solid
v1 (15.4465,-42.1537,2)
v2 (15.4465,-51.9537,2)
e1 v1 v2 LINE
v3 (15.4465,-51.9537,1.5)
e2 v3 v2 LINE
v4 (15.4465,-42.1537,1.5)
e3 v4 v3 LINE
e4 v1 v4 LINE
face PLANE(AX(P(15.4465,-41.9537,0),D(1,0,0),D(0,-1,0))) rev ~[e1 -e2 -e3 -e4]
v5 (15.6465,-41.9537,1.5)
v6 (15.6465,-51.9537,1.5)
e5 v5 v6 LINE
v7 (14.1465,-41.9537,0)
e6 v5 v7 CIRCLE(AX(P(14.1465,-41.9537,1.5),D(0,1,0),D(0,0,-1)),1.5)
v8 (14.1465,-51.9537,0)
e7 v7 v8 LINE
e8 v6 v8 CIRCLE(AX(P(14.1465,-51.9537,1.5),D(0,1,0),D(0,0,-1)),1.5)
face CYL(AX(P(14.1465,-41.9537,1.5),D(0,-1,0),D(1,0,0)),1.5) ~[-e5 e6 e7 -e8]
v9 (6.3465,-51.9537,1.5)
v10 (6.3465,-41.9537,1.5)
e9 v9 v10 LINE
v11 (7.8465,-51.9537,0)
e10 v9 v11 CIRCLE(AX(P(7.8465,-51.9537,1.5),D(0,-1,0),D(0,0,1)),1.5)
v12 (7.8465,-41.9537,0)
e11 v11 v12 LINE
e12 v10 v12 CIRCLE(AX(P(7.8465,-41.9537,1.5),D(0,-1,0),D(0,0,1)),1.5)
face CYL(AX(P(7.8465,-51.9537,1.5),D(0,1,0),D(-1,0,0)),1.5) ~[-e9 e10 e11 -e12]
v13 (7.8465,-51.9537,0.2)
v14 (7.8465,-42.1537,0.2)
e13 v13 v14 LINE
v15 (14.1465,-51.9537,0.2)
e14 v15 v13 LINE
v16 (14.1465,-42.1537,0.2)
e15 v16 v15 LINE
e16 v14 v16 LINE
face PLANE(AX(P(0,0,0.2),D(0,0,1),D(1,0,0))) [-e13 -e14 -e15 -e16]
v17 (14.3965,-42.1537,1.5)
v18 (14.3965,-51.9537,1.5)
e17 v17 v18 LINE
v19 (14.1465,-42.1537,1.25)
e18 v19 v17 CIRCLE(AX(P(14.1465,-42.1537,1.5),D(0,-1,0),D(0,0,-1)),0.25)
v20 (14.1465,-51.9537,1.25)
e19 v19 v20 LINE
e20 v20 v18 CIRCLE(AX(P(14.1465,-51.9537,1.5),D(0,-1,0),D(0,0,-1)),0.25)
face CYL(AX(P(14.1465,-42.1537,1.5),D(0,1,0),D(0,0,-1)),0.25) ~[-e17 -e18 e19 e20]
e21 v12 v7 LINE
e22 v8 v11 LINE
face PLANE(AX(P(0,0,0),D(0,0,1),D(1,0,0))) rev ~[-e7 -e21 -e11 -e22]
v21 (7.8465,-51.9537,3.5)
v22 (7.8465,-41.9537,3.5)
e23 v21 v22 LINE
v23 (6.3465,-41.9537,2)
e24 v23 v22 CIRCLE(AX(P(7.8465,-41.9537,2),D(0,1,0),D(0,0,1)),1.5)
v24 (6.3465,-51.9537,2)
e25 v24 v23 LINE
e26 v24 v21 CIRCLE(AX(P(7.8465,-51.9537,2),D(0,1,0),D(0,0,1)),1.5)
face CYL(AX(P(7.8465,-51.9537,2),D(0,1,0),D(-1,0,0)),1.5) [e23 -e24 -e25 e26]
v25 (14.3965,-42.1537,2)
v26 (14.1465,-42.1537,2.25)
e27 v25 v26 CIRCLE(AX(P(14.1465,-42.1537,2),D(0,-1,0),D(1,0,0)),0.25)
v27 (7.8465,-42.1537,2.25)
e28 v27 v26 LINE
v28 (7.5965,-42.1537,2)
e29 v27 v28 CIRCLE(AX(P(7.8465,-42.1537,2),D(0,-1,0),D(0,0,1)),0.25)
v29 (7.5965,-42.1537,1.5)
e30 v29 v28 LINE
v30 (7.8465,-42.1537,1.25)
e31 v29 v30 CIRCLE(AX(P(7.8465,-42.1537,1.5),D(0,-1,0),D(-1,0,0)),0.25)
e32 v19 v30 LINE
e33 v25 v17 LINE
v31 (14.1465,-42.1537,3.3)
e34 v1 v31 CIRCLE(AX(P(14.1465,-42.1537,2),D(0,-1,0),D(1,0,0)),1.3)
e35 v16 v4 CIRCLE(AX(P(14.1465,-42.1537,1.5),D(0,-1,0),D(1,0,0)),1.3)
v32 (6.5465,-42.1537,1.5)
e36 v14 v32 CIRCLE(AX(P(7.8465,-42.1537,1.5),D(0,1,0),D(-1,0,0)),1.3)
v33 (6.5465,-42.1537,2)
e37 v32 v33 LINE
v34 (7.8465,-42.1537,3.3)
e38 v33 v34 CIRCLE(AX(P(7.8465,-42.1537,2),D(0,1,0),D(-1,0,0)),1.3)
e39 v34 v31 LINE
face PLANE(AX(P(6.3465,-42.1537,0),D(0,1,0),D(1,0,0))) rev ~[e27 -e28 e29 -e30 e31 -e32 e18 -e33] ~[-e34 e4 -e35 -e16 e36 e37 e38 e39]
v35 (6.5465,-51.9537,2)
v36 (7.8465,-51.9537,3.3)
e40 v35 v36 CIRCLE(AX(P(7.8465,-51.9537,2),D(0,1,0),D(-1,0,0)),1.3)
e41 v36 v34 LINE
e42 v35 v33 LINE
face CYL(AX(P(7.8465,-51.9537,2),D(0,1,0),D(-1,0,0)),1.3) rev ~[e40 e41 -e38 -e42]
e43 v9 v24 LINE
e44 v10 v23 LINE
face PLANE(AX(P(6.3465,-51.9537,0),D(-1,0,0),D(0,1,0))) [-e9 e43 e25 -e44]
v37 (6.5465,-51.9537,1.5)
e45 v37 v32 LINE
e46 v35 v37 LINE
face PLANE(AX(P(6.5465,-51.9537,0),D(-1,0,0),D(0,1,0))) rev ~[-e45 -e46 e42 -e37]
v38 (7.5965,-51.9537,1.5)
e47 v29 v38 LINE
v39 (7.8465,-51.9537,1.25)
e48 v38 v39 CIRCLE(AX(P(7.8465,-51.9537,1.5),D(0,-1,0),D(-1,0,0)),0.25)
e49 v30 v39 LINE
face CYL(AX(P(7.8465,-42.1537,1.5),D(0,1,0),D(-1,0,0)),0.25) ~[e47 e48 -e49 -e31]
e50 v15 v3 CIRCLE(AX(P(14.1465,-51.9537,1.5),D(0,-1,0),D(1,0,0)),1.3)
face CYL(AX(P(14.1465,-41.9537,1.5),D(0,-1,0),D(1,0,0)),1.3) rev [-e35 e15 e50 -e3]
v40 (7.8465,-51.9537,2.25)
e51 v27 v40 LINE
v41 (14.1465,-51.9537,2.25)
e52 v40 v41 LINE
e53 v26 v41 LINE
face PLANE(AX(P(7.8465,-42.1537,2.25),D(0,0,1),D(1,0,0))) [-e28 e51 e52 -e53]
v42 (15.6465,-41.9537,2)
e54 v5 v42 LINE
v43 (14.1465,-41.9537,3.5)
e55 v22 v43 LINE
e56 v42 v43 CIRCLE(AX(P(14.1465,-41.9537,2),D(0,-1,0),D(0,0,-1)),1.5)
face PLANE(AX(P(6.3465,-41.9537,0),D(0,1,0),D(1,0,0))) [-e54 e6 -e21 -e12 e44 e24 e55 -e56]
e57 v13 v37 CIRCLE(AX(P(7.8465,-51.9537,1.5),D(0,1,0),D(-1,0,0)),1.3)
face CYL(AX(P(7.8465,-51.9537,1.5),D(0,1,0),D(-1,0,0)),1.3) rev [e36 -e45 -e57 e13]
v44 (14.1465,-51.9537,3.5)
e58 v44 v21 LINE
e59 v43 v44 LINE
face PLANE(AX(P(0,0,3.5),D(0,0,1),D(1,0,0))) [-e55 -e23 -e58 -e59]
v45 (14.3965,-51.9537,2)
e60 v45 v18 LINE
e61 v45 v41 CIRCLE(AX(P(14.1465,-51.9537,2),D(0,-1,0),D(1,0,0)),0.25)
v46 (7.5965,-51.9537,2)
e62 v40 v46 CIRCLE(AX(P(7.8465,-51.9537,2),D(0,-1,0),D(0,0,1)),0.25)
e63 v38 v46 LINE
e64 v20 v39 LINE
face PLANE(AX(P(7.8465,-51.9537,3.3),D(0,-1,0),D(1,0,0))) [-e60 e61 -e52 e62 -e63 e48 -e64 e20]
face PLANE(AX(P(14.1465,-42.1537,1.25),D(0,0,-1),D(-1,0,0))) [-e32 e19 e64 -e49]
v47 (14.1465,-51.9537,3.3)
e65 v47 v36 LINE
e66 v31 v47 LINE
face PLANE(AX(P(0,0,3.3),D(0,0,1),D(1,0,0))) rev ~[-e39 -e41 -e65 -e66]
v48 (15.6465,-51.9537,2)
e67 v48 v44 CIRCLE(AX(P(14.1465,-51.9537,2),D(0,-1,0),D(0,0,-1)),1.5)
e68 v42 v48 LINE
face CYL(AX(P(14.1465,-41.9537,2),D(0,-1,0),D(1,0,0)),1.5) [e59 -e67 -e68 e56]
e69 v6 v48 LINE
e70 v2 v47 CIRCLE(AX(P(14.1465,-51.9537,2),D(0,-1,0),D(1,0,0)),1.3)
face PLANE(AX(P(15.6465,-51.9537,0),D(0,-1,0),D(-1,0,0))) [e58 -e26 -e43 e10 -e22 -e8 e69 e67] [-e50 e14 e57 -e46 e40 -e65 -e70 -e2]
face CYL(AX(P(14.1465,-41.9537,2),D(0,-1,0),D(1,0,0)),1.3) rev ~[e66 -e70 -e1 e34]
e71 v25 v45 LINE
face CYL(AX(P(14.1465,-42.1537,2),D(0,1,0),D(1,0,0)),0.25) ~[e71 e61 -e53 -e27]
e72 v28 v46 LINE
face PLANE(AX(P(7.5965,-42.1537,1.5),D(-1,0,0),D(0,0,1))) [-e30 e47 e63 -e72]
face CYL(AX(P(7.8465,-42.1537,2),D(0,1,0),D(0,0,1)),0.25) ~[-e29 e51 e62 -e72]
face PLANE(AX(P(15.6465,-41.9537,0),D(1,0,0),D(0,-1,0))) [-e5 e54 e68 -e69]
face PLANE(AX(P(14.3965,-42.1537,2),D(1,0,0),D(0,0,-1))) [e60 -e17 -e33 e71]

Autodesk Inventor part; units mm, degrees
ref_plane "YZ Plane" through (0, 0, 0) normal (1, 0, 0) x (0, 1, 0)
ref_plane "XZ Plane" through (0, 0, 0) normal (0, 1, 0) x (-1, 0, 0)
ref_plane "XY Plane" through (0, 0, 0) normal (0, 0, 1) x (1, 0, 0)
ref_plane "Work Plane1" through (0, 0, 0) normal (0, 0, 1) x (1, 0, 0)
sketch "Sketch1" plane through (0, 0, 0) normal (0, 0, 1) x (1, 0, 0)
  line L0 (6.3465, -41.9537) -> (15.6465, -41.9537)
  line L1 (15.6465, -41.9537) -> (15.6465, -51.9537)
  line L2 (15.6465, -51.9537) -> (6.3465, -51.9537)
  line L3 (6.3465, -51.9537) -> (6.3465, -41.9537)
  point P0 (0, 0)
  dimension "d0" = 9.3
  dimension "d2" = 10
extrude "Extrusion1" add sketch "Sketch1" along normal blind 3.5
fillet "Fillet1" radius 1.5 4 edges at (15.6465, -46.9537, 3.5) (6.3465, -46.9537, 3.5) (6.3465, -46.9537, 0) (15.6465, -46.9537, 0)
shell "Shell1" thickness 0.2 removed faces 1 at (9.9465, -51.9537, 2.3333)
sketch "Sketch2" plane through (7.8465, -42.1537, 3.3) normal (0, -1, 0) x (1, 0, 0)
  arc A0 (6.3, -3.1) -> (7.6, -1.8) centre (6.3, -1.8) ccw projected
  line L0 (7.6, -1.8) -> (7.6, -1.3) projected
  arc A1 (7.6, -1.3) -> (6.3, 0) centre (6.3, -1.3) ccw projected
  line L1 (6.3, 0) -> (0, 0) projected
  arc A2 (0, 0) -> (-1.3, -1.3) centre (0, -1.3) ccw projected
  line L2 (-1.3, -1.8) -> (-1.3, -1.3) projected
  arc A3 (-1.3, -1.8) -> (0, -3.1) centre (0, -1.8) ccw projected
  line L3 (0, -3.1) -> (6.3, -3.1) projected
  line L4 (0, -1.05) -> (6.3, -1.05)
  arc A4 (6.55, -1.3) -> (6.3, -1.05) centre (6.3, -1.3) ccw
  line L5 (6.55, -1.3) -> (6.55, -1.8)
  arc A5 (6.3, -2.05) -> (6.55, -1.8) centre (6.3, -1.8) ccw
  line L6 (6.3, -2.05) -> (0, -2.05)
  arc A6 (-0.25, -1.8) -> (0, -2.05) centre (0, -1.8) ccw
  line L7 (-0.25, -1.8) -> (-0.25, -1.3)
  arc A7 (0, -1.05) -> (-0.25, -1.3) centre (0, -1.3) ccw
  point P0 (-7.8465, -3.3)
  dimension "d7" = 1
extrude "Extrusion2" add sketch "Sketch2" along normal up to surface (9.8 mm away) contours L4 A4 L5 A5 L6 A6 L7 A7
properties part number "nanopc_t4_usb3c"
